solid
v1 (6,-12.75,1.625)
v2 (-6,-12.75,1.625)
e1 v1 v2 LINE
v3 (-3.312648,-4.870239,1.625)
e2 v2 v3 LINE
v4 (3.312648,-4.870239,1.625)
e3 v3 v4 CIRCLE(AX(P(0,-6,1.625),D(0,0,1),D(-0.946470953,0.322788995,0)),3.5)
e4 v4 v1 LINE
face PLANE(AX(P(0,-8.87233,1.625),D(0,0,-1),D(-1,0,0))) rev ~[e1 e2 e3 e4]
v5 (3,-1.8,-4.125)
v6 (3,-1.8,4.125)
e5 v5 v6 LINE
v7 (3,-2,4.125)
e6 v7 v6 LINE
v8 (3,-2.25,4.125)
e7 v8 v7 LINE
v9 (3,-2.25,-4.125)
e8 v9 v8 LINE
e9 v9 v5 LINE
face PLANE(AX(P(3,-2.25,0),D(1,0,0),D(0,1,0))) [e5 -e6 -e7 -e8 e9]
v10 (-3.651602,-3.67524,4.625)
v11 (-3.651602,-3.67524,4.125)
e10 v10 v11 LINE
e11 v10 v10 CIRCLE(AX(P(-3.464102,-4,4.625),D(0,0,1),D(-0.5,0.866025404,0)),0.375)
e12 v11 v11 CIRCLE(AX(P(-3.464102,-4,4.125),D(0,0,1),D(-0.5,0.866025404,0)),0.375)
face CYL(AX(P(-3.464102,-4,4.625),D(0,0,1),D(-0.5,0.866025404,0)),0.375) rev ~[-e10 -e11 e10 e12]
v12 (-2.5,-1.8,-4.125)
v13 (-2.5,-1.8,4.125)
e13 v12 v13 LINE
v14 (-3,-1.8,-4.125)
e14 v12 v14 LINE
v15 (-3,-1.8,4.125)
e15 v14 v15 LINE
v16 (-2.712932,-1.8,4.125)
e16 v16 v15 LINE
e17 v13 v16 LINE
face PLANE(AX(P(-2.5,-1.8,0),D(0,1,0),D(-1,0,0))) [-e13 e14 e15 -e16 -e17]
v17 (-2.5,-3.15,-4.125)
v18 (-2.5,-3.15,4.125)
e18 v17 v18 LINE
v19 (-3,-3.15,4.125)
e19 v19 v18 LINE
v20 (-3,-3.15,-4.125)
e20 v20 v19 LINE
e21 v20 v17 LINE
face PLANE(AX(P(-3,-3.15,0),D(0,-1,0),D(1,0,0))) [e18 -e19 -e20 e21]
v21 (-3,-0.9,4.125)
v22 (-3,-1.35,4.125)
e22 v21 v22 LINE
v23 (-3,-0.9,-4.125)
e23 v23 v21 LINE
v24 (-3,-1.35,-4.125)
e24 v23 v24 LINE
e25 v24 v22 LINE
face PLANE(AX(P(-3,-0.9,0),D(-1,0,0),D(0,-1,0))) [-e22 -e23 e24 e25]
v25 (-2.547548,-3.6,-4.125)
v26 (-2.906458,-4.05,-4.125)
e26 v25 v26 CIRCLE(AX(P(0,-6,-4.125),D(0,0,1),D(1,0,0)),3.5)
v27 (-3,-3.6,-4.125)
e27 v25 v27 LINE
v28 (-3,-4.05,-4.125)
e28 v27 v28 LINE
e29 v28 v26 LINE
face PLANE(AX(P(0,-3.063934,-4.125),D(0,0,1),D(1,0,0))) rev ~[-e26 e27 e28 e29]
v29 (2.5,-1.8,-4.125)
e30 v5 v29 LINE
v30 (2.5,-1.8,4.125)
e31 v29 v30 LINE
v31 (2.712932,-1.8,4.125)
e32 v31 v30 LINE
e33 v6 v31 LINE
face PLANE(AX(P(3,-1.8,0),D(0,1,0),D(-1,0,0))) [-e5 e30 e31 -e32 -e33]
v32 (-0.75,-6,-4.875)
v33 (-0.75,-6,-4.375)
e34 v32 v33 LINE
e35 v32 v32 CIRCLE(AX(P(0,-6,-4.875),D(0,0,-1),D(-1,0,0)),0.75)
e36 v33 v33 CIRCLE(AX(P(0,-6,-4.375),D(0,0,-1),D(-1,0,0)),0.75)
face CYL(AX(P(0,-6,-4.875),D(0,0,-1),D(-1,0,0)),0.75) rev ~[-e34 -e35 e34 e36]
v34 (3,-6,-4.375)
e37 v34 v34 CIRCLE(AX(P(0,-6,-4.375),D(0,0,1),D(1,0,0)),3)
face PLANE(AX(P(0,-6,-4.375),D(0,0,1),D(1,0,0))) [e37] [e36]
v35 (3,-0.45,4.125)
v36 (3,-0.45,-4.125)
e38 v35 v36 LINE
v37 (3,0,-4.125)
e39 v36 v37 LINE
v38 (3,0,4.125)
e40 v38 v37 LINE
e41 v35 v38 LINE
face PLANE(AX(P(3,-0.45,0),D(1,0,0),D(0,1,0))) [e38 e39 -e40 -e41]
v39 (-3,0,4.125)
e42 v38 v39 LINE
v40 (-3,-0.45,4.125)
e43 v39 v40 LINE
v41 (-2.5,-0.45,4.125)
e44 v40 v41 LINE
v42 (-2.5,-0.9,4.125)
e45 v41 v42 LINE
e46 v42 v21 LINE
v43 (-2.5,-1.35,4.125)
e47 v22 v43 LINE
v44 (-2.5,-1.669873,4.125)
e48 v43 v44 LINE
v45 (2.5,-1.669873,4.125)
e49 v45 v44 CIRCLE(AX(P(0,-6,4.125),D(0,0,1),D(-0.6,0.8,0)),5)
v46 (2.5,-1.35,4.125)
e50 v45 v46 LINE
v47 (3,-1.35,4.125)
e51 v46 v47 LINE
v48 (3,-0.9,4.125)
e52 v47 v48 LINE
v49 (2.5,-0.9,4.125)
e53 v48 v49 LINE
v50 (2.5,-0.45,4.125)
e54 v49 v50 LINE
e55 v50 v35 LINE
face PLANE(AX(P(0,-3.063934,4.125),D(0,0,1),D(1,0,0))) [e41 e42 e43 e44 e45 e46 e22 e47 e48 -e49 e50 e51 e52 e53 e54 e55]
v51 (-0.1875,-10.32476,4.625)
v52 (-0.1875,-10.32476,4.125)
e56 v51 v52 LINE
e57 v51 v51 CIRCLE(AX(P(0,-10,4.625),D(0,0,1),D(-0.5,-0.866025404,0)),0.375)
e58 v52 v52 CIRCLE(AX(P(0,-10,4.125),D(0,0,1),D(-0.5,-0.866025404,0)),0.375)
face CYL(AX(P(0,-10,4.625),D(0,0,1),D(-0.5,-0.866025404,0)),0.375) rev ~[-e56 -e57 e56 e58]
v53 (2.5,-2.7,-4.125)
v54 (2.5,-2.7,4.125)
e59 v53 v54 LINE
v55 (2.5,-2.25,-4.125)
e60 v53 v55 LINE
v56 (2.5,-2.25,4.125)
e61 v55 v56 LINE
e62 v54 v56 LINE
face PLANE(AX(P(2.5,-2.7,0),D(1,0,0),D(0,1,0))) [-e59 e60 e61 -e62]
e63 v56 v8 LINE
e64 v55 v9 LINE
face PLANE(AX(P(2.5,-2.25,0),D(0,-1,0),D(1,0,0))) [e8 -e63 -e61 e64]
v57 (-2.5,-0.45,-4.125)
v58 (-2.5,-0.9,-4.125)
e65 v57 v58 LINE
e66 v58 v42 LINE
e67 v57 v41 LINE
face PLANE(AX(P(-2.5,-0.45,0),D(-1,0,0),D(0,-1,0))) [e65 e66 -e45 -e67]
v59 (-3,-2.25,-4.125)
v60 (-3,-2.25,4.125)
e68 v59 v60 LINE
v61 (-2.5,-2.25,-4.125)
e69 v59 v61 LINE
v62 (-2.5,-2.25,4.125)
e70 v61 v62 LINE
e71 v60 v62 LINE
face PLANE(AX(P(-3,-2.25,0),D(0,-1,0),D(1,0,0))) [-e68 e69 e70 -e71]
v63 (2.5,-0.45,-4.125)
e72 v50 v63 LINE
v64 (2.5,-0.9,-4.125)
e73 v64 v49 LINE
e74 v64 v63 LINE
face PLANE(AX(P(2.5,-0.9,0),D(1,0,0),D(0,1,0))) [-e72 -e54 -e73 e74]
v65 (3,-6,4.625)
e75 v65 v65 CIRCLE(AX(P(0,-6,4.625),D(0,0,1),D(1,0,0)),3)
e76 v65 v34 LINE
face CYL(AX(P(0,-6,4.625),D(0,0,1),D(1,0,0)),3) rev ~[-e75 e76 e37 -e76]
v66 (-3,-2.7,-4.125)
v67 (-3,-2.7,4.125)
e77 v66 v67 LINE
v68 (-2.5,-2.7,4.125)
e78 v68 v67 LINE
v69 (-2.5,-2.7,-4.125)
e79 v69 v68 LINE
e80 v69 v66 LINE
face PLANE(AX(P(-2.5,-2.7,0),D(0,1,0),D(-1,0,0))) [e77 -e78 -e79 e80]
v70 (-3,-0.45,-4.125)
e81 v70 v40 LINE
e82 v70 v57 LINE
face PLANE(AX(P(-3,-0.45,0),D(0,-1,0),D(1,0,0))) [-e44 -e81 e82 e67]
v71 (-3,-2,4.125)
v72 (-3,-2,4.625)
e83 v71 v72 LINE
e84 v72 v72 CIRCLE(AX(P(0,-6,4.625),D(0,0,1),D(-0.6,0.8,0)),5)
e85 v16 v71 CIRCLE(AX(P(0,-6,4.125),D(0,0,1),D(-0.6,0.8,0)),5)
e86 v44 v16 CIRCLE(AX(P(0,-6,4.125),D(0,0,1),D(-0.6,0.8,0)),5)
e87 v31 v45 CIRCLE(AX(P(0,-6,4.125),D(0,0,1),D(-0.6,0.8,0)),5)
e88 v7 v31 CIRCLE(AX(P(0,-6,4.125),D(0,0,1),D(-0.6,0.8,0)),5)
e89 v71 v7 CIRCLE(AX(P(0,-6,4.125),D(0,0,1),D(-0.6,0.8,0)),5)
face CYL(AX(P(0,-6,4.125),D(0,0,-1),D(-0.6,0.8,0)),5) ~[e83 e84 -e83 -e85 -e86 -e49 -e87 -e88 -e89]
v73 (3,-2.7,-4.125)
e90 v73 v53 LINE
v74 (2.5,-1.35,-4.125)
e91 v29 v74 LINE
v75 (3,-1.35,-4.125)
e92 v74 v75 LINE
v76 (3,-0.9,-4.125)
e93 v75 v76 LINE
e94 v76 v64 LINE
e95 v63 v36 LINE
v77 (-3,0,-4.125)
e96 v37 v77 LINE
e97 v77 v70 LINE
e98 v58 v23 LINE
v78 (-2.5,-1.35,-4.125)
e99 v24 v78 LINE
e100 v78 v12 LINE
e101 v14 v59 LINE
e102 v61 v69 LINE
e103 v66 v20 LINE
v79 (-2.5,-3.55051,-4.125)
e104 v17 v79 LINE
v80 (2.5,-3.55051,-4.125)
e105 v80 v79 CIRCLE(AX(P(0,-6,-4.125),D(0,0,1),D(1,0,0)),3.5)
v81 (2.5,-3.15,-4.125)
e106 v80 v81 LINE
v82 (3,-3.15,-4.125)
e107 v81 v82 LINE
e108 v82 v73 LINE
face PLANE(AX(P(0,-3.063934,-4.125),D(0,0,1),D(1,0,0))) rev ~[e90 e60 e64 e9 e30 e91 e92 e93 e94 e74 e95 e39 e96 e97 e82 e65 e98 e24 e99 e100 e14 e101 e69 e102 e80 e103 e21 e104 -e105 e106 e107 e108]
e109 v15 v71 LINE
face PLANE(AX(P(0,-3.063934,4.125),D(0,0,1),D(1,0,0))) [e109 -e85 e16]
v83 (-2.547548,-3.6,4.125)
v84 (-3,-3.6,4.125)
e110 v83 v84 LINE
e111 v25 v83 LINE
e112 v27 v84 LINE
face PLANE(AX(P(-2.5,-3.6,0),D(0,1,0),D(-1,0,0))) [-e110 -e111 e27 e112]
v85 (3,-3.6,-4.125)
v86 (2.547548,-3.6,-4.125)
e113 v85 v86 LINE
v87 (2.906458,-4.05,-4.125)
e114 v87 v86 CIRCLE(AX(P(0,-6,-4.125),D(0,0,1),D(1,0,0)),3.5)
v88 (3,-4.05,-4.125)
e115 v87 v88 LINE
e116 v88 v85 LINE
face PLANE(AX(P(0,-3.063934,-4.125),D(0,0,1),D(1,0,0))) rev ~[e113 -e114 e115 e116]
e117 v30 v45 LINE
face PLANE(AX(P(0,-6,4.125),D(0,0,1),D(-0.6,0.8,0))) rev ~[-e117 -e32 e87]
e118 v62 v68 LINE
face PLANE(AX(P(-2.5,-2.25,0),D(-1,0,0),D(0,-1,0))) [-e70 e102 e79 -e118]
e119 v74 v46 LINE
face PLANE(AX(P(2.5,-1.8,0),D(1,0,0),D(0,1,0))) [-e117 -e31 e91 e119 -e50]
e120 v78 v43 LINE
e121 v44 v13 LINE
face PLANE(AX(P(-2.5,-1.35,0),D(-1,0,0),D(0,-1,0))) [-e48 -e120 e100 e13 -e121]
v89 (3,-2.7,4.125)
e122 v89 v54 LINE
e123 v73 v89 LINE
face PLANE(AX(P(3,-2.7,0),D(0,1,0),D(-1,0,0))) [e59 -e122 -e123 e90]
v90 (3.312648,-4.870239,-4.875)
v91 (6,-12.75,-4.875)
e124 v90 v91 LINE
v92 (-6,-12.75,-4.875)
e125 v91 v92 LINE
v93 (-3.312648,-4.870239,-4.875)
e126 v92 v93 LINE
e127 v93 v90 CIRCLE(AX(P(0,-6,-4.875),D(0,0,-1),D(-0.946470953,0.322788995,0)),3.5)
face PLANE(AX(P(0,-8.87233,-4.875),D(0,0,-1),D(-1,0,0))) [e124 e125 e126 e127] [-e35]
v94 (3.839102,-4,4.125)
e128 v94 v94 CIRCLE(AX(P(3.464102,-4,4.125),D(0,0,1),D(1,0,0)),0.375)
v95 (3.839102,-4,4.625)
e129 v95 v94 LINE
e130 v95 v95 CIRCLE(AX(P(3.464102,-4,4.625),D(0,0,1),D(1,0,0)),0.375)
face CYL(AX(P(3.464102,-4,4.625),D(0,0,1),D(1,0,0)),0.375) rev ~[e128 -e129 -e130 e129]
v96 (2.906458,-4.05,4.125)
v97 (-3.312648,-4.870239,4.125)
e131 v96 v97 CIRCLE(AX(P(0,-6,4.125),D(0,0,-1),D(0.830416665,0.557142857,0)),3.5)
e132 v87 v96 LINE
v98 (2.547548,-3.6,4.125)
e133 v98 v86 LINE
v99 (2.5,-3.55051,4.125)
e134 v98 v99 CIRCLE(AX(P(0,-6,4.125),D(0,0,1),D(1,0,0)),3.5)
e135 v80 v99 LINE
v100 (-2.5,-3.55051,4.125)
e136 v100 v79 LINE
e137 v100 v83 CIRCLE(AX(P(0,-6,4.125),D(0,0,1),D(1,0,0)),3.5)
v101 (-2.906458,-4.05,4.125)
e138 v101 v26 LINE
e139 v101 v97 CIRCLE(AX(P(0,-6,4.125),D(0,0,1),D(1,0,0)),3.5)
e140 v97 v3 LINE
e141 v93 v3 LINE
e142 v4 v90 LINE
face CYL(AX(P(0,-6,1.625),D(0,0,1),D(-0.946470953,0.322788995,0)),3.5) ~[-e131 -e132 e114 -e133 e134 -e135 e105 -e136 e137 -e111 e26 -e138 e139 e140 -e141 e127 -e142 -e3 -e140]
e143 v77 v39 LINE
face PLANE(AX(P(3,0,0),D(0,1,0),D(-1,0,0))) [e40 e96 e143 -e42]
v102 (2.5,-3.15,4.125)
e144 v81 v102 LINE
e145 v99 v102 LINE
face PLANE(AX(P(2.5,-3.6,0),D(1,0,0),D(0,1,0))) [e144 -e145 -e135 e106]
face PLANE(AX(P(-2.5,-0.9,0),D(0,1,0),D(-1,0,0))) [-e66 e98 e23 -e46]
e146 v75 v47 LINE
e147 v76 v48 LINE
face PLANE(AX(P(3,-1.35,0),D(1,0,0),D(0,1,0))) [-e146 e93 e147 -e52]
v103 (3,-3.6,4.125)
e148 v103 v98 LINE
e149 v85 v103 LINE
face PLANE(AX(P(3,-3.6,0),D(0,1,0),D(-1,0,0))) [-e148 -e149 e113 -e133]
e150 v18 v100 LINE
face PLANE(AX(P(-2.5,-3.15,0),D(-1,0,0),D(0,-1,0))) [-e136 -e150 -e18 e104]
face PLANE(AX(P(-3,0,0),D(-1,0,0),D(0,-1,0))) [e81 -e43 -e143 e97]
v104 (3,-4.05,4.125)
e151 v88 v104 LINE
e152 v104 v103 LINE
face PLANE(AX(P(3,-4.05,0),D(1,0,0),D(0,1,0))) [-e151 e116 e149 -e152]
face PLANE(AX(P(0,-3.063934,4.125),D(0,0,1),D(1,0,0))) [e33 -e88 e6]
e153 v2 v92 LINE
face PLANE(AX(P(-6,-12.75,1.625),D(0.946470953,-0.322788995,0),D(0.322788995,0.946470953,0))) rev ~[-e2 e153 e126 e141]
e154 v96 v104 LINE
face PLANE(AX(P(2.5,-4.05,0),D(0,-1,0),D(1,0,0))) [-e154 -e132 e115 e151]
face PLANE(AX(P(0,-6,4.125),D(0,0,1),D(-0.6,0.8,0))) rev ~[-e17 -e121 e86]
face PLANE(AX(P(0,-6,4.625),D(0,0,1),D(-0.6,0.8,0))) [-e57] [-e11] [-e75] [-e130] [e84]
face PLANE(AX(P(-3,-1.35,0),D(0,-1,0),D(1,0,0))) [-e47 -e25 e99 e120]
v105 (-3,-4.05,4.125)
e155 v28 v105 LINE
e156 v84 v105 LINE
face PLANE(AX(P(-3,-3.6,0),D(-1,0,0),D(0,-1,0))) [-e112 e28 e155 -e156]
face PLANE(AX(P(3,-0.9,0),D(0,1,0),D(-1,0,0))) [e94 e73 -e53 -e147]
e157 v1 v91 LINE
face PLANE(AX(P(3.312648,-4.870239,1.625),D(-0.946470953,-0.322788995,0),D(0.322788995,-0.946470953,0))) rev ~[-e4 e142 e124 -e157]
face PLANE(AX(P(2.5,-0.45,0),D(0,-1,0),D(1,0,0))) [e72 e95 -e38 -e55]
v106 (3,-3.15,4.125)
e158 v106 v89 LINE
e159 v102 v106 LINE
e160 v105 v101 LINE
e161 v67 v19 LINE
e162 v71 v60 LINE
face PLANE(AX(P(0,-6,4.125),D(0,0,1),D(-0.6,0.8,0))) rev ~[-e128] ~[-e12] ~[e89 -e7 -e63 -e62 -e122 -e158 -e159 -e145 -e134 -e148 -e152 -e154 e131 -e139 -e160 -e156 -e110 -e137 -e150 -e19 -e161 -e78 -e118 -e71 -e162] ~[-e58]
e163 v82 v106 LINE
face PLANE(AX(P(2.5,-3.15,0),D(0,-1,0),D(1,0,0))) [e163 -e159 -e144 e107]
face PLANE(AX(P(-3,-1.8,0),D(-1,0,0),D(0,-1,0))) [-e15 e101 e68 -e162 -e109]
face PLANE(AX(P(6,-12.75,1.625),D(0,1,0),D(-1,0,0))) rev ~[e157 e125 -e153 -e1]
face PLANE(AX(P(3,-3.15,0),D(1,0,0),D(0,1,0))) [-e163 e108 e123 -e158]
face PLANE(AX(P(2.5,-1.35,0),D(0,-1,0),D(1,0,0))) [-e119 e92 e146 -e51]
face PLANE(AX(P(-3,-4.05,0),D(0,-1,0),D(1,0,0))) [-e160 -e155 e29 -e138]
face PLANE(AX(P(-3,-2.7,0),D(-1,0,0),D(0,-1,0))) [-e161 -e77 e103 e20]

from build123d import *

# Parameters (mm, degrees)
BOSS_EXTRUDE1_DEPTH = 4.125
SKETCH2_R           = 5
BOSS_EXTRUDE2_DEPTH = 0.5
SKETCH3_R           = 3.5
CUT_EXTRUDE1_DEPTH  = 9
SKETCH4_R           = 0.375
CUT_EXTRUDE2_DEPTH  = 0.5
CIRPATTERN1_COUNT   = 3
BOSS_EXTRUDE3_START = 6.5
BOSS_EXTRUDE3_DEPTH = 6.5
SKETCH7_R           = 3.5
BOSS_EXTRUDE4_DEPTH = 6.5
SKETCH8_R           = 3
CUT_EXTRUDE3_DEPTH  = 9
SKETCH6_R           = 0.75
CUT_EXTRUDE4_DEPTH  = 9


with BuildPart() as part:
    # Sketch1 → Boss-Extrude1 (new, symmetric)
    with BuildSketch(Plane.XY):
        Polygon((3, 0), (-3, 0), (-3, -0.45), (-2.5, -0.45), (-2.5, -0.9), (-3, -0.9), (-3, -1.35), (-2.5, -1.35), (-2.5, -1.8), (-3, -1.8), (-3, -2.25), (-2.5, -2.25), (-2.5, -2.7), (-3, -2.7), (-3, -3.15), (-2.5, -3.15), (-2.5, -3.6), (-3, -3.6), (-3, -4.05), (-2.5, -4.05), (-2.5, -4.5), (-3, -4.5), (-3, -4.95), (-2.5, -4.95), (-2.5, -5.4), (-3, -5.4), (-3, -5.85), (-2.5, -5.85), (-2.5, -6.3), (2.5, -6.3), (2.5, -5.85), (3, -5.85), (3, -5.4), (2.5, -5.4), (2.5, -4.95), (3, -4.95), (3, -4.5), (2.5, -4.5), (2.5, -4.05), (3, -4.05), (3, -3.6), (2.5, -3.6), (2.5, -3.15), (3, -3.15), (3, -2.7), (2.5, -2.7), (2.5, -2.25), (3, -2.25), (3, -1.8), (2.5, -1.8), (2.5, -1.35), (3, -1.35), (3, -0.9), (2.5, -0.9), (2.5, -0.45), (3, -0.45), align=None)
    extrude(amount=BOSS_EXTRUDE1_DEPTH, both=True)

    # Sketch2 → Boss-Extrude2 (add)
    with BuildSketch(Plane.XY.offset(4.125)):
        with Locations(Location((0, -6, 0), (0, 0, 126.869897646))):
            Circle(SKETCH2_R)
    extrude(amount=BOSS_EXTRUDE2_DEPTH)

    # Sketch3 → Cut-Extrude1 (cut)
    with BuildSketch(Plane.XY.offset(4.625)):
        with Locations((0, -6)):
            Circle(SKETCH3_R)
    extrude(amount=-CUT_EXTRUDE1_DEPTH, mode=Mode.SUBTRACT)

    # Sketch4 → Cut-Extrude2 (cut)
    with BuildSketch(Plane.XY.offset(4.625)):
        with Locations((3.464101615, -4)):
            Circle(SKETCH4_R)
    cut_extrude2 = extrude(amount=-CUT_EXTRUDE2_DEPTH, mode=Mode.SUBTRACT)

    # CirPattern1: Cut-Extrude2 ×3 about axis
    cirpattern1_axis = Axis((0, -6, 0), (0, 0, 1))
    for i in range(1, CIRPATTERN1_COUNT):
        add(cut_extrude2.rotate(cirpattern1_axis, i * 360 / CIRPATTERN1_COUNT), mode=Mode.SUBTRACT)

    # Sketch5 → Boss-Extrude3 (add)
    with BuildSketch(Plane.XY.offset(-4.875).offset(BOSS_EXTRUDE3_START)):
        with BuildLine():
            Line((6, -12.75), (-6, -12.75))
            Line((-6, -12.75), (-3.312648335, -4.870238517))
            ThreePointArc((-3.312648335, -4.870238517), (0, -2.5), (3.312648335, -4.870238517))
            Line((3.312648335, -4.870238517), (6, -12.75))
        make_face()
    extrude(amount=-BOSS_EXTRUDE3_DEPTH)

    # Sketch7 → Boss-Extrude4 (add)
    with BuildSketch(Plane.XY.offset(4.625)):
        with Locations(Location((0, -6, 0), (0, 0, 161.168324383))):
            Circle(SKETCH7_R)
    extrude(amount=-BOSS_EXTRUDE4_DEPTH)

    # Sketch8 → Cut-Extrude3 (cut)
    with BuildSketch(Plane.XY.offset(4.625)):
        with Locations((0, -6)):
            Circle(SKETCH8_R)
    extrude(amount=-CUT_EXTRUDE3_DEPTH, mode=Mode.SUBTRACT)

    # Sketch6 → Cut-Extrude4 (cut)
    with BuildSketch(Plane(origin=(0, 0, -4.875), x_dir=(-1, 0, 0), z_dir=(0, 0, -1))):
        with Locations((0, -6)):
            Circle(SKETCH6_R)
    extrude(amount=-CUT_EXTRUDE4_DEPTH, mode=Mode.SUBTRACT)


solid = part.part
